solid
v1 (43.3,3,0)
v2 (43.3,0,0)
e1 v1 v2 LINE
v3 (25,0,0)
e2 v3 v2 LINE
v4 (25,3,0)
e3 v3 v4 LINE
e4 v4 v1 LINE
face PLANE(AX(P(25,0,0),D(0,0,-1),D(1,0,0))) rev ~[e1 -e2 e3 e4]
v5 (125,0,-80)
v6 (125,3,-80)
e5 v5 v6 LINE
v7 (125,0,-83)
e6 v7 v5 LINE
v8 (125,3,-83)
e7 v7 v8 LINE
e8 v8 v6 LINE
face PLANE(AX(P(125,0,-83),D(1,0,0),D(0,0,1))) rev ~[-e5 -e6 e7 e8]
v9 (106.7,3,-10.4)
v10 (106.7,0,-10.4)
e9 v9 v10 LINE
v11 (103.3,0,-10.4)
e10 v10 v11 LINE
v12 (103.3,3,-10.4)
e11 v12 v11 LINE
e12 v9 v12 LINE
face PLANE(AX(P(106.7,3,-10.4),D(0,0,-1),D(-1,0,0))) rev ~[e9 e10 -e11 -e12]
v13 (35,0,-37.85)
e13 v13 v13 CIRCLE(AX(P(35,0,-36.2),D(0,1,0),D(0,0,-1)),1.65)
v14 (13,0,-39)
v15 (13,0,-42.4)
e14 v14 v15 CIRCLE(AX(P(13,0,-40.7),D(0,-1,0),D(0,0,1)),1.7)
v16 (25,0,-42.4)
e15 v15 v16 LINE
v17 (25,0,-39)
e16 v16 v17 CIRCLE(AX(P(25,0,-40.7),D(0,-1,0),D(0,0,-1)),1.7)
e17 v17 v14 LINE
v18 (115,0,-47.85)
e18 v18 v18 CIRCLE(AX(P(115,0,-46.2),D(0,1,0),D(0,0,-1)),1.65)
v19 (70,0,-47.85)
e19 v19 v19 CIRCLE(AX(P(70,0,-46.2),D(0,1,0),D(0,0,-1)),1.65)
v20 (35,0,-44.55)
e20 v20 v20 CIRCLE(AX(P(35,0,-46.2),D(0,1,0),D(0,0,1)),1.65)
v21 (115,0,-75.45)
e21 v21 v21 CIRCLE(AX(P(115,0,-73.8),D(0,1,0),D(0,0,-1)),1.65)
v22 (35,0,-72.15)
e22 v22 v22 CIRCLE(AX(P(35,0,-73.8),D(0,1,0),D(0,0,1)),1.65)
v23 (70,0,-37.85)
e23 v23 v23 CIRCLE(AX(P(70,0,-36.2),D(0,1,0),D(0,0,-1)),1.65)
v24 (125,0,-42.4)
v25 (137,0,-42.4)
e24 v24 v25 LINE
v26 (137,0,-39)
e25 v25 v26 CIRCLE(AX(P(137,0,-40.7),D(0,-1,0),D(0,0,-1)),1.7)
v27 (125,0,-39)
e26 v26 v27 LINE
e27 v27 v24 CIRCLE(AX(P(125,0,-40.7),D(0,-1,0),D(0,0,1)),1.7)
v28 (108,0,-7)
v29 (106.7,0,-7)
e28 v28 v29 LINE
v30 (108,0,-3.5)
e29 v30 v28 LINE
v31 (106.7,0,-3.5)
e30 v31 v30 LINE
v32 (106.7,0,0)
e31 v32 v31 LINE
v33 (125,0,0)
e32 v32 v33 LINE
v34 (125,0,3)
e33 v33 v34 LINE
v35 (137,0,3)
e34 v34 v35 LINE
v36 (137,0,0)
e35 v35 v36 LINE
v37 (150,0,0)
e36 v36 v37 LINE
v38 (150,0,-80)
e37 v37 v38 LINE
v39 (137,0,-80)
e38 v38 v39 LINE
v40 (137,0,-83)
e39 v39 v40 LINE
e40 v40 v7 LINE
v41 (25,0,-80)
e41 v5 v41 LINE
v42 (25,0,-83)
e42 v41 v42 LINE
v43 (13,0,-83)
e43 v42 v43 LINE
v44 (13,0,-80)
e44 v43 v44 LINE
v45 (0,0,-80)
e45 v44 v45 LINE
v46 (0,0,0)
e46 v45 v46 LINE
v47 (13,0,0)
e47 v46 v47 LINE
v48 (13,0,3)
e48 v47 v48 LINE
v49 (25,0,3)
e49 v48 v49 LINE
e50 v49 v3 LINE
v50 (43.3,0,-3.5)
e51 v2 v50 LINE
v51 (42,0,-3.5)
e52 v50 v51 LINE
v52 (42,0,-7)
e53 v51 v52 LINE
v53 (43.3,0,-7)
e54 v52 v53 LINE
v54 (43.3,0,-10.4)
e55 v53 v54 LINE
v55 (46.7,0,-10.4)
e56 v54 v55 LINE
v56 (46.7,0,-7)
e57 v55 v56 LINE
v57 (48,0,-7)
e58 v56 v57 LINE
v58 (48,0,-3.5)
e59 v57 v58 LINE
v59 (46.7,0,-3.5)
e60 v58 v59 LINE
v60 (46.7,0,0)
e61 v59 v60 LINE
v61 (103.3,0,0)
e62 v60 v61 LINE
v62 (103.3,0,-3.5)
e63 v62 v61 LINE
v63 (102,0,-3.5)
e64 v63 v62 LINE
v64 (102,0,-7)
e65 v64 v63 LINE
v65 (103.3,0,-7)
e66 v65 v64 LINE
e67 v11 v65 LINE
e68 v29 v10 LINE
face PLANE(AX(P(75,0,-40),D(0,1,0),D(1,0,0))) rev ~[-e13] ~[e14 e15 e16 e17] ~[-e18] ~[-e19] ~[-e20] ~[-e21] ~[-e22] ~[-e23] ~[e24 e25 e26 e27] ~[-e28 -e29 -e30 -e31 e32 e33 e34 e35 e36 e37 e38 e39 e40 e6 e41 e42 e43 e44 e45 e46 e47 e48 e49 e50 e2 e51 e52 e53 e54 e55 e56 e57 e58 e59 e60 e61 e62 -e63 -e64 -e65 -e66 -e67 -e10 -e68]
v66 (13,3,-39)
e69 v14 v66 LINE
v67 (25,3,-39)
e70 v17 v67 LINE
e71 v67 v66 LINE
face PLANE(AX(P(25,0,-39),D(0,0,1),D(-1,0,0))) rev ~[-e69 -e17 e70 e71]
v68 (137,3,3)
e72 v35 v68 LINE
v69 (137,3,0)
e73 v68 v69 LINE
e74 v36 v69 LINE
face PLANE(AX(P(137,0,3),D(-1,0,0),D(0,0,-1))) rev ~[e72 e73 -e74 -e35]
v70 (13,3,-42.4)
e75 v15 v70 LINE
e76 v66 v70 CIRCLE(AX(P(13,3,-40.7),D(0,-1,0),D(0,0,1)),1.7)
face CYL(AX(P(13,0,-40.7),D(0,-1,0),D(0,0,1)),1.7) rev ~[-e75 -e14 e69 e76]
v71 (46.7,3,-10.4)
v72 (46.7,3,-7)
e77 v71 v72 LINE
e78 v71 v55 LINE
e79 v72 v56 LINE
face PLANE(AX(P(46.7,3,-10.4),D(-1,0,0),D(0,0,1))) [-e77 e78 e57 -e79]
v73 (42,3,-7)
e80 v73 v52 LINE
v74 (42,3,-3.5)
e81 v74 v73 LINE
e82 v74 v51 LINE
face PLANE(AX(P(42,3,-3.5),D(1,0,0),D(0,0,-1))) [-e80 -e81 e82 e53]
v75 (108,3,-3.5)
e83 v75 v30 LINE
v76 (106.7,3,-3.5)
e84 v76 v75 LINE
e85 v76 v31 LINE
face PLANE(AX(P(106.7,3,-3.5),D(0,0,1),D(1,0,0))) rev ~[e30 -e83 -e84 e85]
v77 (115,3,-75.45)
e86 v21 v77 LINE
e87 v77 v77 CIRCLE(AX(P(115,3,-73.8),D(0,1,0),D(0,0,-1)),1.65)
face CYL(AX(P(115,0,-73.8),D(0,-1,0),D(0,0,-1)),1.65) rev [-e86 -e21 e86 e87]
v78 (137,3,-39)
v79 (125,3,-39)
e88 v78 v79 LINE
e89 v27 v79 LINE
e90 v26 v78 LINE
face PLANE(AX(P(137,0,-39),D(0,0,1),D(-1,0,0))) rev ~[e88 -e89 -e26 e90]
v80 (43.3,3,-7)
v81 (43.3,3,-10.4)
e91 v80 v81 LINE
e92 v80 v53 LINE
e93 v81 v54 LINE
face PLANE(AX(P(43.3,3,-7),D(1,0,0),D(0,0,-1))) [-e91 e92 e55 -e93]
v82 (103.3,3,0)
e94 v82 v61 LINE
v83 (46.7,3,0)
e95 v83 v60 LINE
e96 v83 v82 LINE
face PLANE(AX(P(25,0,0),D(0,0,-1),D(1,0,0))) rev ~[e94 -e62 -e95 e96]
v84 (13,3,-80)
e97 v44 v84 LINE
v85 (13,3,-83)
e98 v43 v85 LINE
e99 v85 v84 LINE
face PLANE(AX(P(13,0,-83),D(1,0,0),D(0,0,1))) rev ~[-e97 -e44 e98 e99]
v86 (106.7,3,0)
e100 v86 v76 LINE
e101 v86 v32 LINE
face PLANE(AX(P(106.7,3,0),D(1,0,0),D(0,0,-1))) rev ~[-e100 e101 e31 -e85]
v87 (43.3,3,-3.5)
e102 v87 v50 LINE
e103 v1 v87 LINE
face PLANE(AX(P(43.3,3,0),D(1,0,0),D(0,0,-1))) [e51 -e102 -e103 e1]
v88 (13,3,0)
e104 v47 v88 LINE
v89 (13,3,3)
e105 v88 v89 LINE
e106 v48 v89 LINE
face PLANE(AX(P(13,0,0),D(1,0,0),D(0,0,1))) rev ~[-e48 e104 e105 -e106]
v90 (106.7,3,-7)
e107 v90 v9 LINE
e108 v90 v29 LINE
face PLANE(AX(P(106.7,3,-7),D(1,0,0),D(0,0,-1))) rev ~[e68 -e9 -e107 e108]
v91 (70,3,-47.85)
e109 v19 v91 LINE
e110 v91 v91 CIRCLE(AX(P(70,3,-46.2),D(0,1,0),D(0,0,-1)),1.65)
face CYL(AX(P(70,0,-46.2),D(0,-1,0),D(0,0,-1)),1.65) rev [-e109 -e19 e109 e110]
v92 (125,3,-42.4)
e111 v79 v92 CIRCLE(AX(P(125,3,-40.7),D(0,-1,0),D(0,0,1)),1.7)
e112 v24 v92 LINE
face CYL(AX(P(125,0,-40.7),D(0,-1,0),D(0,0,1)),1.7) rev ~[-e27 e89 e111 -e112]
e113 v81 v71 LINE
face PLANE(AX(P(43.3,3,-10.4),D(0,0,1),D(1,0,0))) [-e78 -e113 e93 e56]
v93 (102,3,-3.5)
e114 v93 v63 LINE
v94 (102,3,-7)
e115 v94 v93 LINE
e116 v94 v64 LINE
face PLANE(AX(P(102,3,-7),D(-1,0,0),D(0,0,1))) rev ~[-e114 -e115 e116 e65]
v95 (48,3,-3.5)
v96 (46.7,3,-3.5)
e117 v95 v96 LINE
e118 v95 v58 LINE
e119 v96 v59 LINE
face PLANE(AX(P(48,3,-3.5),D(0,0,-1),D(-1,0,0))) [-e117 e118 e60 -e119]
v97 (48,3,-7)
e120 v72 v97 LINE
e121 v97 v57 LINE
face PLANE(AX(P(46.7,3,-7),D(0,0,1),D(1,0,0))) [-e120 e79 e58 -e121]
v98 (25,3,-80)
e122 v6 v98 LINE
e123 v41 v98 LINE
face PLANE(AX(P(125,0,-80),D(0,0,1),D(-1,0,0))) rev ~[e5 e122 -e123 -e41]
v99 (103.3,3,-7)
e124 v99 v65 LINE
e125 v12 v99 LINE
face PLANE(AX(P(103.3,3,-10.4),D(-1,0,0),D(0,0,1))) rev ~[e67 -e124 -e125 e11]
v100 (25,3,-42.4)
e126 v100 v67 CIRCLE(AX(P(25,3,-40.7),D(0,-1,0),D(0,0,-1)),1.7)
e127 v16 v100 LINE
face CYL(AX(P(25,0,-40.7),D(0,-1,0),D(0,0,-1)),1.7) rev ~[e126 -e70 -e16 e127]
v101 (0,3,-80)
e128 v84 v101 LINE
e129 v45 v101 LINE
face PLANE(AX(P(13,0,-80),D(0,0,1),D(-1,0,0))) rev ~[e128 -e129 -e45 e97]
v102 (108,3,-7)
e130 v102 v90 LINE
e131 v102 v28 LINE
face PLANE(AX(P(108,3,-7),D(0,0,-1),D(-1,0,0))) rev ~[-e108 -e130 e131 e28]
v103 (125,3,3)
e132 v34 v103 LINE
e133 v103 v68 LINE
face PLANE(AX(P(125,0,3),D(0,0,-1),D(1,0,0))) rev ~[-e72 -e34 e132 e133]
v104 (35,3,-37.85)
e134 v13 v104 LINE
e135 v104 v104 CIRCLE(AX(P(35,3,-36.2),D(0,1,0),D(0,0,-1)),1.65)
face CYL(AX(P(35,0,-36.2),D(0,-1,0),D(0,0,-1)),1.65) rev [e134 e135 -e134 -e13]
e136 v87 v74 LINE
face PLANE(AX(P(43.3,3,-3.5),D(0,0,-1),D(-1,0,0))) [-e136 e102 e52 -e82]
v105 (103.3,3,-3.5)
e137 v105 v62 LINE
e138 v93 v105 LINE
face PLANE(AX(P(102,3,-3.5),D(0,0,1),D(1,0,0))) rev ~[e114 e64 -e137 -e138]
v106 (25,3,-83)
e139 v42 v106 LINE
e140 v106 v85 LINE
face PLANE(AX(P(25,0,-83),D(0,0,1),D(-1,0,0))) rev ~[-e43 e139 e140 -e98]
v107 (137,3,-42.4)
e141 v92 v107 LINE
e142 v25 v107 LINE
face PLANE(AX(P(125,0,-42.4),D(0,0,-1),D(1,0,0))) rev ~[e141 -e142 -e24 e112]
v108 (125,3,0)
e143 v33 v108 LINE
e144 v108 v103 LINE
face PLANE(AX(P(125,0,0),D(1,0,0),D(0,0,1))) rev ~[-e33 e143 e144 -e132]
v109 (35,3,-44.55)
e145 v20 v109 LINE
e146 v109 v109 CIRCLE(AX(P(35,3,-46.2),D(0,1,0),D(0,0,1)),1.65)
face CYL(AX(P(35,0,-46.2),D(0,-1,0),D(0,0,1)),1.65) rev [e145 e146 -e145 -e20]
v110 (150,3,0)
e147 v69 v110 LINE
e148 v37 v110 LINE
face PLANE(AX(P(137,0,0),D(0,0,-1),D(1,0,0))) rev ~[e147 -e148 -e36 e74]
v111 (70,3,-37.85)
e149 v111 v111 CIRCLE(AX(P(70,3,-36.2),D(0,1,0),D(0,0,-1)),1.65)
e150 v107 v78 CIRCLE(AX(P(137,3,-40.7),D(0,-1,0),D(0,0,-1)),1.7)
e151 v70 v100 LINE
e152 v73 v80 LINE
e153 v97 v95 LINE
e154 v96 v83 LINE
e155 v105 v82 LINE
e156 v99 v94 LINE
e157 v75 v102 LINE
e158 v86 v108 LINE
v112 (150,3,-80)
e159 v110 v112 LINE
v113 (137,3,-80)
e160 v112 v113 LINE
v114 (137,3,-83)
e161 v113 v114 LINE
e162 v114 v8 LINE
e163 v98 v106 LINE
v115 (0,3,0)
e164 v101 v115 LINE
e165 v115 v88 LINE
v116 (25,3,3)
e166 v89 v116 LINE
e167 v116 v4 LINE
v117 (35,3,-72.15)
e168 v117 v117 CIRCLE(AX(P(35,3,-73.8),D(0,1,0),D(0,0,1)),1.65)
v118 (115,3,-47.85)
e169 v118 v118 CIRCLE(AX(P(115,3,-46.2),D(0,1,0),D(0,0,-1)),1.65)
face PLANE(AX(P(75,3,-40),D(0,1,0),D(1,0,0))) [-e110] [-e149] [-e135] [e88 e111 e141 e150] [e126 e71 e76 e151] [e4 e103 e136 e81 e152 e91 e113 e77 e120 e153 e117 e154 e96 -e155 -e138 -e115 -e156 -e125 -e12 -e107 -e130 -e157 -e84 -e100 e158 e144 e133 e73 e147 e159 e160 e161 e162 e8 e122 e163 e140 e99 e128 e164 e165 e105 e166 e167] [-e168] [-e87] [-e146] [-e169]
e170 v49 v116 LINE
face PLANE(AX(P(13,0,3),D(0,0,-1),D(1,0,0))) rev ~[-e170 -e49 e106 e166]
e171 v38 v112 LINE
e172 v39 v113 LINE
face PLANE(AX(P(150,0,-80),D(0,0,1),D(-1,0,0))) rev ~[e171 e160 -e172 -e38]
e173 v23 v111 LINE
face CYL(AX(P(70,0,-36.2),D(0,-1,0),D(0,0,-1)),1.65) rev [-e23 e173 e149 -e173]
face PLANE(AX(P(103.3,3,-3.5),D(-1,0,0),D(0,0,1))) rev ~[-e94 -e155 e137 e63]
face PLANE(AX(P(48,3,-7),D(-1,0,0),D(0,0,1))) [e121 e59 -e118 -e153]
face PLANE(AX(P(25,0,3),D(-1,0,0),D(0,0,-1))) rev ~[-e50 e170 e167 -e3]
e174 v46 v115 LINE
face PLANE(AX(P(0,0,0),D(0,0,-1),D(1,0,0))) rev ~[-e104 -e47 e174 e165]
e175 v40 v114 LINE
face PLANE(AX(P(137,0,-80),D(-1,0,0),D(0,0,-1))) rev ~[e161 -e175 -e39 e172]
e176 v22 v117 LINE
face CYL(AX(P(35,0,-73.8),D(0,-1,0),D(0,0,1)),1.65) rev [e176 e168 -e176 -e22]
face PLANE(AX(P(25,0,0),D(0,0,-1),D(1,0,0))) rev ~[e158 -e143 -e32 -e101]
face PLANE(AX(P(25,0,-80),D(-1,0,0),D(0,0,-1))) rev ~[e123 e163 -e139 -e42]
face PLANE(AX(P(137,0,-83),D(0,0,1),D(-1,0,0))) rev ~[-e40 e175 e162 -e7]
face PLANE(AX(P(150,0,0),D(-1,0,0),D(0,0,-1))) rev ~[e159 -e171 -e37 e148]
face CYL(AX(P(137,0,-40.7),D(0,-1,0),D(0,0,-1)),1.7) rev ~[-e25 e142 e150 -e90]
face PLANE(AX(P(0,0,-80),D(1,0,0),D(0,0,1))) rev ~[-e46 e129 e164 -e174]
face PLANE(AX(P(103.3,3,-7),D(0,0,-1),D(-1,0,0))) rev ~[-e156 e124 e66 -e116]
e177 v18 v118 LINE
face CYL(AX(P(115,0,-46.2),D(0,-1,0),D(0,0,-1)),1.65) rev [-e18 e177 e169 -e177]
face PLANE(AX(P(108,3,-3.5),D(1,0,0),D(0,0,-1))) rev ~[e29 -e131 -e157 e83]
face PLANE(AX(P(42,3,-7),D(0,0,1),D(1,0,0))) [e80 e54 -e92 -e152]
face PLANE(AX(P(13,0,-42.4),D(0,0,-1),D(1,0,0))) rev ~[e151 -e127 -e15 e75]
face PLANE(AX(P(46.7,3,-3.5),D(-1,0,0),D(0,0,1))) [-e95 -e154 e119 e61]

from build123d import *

# Parameters (mm, degrees)
SKETCH_1_R          = 1.65
EXTRUDE_1_DEPTH     = 3
CUT_EXTRUDE_1_DEPTH = 172.458449777


with BuildPart() as part:
    # 草图1 → 凸台-拉伸1 (new body)
    with BuildSketch(Plane(origin=(0, 0, 0), x_dir=(1, 0, 0), z_dir=(0, 1, 0))):
        Polygon((0, 0), (13, 0), (13, -3), (25, -3), (25, 0), (125, 0), (125, -3), (137, -3), (137, 0), (150, 0), (150, 80), (137, 80), (137, 83), (125, 83), (125, 80), (25, 80), (25, 83), (13, 83), (13, 80), (0, 80), align=None)
        with Locations(Location((35, 73.8, 0), (0, 0, 270))):
            Circle(SKETCH_1_R, mode=Mode.SUBTRACT)
        with Locations(Location((35, 46.2, 0), (0, 0, 270))):
            Circle(SKETCH_1_R, mode=Mode.SUBTRACT)
        with Locations(Location((115, 46.2, 0), (0, 0, 90))):
            Circle(SKETCH_1_R, mode=Mode.SUBTRACT)
        with Locations(Location((115, 73.8, 0), (0, 0, 90))):
            Circle(SKETCH_1_R, mode=Mode.SUBTRACT)
        with Locations(Location((35, 36.2, 0), (0, 0, 90))):
            Circle(SKETCH_1_R, mode=Mode.SUBTRACT)
        with Locations(Location((70, 46.2, 0), (0, 0, 90))):
            Circle(SKETCH_1_R, mode=Mode.SUBTRACT)
        with Locations(Location((70, 36.2, 0), (0, 0, 90))):
            Circle(SKETCH_1_R, mode=Mode.SUBTRACT)
        with BuildLine():
            Line((13, 42.4), (25, 42.4))
            ThreePointArc((25, 42.4), (26.7, 40.7), (25, 39))
            Line((25, 39), (13, 39))
            ThreePointArc((13, 39), (11.3, 40.7), (13, 42.4))
        make_face(mode=Mode.SUBTRACT)
        with BuildLine():
            Line((125, 42.4), (137, 42.4))
            ThreePointArc((137, 42.4), (138.7, 40.7), (137, 39))
            Line((137, 39), (125, 39))
            ThreePointArc((125, 39), (123.3, 40.7), (125, 42.4))
        make_face(mode=Mode.SUBTRACT)
    extrude(amount=EXTRUDE_1_DEPTH)

    # 草图2 → 切除-拉伸1 (cut, through all)
    with BuildSketch(Plane(origin=(0, 3, 0), x_dir=(1, 0, 0), z_dir=(0, 1, 0))):
        Polygon((43.3, 0), (43.3, 3.5), (42, 3.5), (42, 7), (43.3, 7), (43.3, 10.4), (46.7, 10.4), (46.7, 7), (48, 7), (48, 3.5), (46.7, 3.5), (46.7, 0), align=None)
        Polygon((103.3, 0), (106.7, 0), (106.7, 3.5), (108, 3.5), (108, 7), (106.7, 7), (106.7, 10.4), (103.3, 10.4), (103.3, 7), (102, 7), (102, 3.5), (103.3, 3.5), align=None)
    extrude(amount=-CUT_EXTRUDE_1_DEPTH, mode=Mode.SUBTRACT)


solid = part.part
